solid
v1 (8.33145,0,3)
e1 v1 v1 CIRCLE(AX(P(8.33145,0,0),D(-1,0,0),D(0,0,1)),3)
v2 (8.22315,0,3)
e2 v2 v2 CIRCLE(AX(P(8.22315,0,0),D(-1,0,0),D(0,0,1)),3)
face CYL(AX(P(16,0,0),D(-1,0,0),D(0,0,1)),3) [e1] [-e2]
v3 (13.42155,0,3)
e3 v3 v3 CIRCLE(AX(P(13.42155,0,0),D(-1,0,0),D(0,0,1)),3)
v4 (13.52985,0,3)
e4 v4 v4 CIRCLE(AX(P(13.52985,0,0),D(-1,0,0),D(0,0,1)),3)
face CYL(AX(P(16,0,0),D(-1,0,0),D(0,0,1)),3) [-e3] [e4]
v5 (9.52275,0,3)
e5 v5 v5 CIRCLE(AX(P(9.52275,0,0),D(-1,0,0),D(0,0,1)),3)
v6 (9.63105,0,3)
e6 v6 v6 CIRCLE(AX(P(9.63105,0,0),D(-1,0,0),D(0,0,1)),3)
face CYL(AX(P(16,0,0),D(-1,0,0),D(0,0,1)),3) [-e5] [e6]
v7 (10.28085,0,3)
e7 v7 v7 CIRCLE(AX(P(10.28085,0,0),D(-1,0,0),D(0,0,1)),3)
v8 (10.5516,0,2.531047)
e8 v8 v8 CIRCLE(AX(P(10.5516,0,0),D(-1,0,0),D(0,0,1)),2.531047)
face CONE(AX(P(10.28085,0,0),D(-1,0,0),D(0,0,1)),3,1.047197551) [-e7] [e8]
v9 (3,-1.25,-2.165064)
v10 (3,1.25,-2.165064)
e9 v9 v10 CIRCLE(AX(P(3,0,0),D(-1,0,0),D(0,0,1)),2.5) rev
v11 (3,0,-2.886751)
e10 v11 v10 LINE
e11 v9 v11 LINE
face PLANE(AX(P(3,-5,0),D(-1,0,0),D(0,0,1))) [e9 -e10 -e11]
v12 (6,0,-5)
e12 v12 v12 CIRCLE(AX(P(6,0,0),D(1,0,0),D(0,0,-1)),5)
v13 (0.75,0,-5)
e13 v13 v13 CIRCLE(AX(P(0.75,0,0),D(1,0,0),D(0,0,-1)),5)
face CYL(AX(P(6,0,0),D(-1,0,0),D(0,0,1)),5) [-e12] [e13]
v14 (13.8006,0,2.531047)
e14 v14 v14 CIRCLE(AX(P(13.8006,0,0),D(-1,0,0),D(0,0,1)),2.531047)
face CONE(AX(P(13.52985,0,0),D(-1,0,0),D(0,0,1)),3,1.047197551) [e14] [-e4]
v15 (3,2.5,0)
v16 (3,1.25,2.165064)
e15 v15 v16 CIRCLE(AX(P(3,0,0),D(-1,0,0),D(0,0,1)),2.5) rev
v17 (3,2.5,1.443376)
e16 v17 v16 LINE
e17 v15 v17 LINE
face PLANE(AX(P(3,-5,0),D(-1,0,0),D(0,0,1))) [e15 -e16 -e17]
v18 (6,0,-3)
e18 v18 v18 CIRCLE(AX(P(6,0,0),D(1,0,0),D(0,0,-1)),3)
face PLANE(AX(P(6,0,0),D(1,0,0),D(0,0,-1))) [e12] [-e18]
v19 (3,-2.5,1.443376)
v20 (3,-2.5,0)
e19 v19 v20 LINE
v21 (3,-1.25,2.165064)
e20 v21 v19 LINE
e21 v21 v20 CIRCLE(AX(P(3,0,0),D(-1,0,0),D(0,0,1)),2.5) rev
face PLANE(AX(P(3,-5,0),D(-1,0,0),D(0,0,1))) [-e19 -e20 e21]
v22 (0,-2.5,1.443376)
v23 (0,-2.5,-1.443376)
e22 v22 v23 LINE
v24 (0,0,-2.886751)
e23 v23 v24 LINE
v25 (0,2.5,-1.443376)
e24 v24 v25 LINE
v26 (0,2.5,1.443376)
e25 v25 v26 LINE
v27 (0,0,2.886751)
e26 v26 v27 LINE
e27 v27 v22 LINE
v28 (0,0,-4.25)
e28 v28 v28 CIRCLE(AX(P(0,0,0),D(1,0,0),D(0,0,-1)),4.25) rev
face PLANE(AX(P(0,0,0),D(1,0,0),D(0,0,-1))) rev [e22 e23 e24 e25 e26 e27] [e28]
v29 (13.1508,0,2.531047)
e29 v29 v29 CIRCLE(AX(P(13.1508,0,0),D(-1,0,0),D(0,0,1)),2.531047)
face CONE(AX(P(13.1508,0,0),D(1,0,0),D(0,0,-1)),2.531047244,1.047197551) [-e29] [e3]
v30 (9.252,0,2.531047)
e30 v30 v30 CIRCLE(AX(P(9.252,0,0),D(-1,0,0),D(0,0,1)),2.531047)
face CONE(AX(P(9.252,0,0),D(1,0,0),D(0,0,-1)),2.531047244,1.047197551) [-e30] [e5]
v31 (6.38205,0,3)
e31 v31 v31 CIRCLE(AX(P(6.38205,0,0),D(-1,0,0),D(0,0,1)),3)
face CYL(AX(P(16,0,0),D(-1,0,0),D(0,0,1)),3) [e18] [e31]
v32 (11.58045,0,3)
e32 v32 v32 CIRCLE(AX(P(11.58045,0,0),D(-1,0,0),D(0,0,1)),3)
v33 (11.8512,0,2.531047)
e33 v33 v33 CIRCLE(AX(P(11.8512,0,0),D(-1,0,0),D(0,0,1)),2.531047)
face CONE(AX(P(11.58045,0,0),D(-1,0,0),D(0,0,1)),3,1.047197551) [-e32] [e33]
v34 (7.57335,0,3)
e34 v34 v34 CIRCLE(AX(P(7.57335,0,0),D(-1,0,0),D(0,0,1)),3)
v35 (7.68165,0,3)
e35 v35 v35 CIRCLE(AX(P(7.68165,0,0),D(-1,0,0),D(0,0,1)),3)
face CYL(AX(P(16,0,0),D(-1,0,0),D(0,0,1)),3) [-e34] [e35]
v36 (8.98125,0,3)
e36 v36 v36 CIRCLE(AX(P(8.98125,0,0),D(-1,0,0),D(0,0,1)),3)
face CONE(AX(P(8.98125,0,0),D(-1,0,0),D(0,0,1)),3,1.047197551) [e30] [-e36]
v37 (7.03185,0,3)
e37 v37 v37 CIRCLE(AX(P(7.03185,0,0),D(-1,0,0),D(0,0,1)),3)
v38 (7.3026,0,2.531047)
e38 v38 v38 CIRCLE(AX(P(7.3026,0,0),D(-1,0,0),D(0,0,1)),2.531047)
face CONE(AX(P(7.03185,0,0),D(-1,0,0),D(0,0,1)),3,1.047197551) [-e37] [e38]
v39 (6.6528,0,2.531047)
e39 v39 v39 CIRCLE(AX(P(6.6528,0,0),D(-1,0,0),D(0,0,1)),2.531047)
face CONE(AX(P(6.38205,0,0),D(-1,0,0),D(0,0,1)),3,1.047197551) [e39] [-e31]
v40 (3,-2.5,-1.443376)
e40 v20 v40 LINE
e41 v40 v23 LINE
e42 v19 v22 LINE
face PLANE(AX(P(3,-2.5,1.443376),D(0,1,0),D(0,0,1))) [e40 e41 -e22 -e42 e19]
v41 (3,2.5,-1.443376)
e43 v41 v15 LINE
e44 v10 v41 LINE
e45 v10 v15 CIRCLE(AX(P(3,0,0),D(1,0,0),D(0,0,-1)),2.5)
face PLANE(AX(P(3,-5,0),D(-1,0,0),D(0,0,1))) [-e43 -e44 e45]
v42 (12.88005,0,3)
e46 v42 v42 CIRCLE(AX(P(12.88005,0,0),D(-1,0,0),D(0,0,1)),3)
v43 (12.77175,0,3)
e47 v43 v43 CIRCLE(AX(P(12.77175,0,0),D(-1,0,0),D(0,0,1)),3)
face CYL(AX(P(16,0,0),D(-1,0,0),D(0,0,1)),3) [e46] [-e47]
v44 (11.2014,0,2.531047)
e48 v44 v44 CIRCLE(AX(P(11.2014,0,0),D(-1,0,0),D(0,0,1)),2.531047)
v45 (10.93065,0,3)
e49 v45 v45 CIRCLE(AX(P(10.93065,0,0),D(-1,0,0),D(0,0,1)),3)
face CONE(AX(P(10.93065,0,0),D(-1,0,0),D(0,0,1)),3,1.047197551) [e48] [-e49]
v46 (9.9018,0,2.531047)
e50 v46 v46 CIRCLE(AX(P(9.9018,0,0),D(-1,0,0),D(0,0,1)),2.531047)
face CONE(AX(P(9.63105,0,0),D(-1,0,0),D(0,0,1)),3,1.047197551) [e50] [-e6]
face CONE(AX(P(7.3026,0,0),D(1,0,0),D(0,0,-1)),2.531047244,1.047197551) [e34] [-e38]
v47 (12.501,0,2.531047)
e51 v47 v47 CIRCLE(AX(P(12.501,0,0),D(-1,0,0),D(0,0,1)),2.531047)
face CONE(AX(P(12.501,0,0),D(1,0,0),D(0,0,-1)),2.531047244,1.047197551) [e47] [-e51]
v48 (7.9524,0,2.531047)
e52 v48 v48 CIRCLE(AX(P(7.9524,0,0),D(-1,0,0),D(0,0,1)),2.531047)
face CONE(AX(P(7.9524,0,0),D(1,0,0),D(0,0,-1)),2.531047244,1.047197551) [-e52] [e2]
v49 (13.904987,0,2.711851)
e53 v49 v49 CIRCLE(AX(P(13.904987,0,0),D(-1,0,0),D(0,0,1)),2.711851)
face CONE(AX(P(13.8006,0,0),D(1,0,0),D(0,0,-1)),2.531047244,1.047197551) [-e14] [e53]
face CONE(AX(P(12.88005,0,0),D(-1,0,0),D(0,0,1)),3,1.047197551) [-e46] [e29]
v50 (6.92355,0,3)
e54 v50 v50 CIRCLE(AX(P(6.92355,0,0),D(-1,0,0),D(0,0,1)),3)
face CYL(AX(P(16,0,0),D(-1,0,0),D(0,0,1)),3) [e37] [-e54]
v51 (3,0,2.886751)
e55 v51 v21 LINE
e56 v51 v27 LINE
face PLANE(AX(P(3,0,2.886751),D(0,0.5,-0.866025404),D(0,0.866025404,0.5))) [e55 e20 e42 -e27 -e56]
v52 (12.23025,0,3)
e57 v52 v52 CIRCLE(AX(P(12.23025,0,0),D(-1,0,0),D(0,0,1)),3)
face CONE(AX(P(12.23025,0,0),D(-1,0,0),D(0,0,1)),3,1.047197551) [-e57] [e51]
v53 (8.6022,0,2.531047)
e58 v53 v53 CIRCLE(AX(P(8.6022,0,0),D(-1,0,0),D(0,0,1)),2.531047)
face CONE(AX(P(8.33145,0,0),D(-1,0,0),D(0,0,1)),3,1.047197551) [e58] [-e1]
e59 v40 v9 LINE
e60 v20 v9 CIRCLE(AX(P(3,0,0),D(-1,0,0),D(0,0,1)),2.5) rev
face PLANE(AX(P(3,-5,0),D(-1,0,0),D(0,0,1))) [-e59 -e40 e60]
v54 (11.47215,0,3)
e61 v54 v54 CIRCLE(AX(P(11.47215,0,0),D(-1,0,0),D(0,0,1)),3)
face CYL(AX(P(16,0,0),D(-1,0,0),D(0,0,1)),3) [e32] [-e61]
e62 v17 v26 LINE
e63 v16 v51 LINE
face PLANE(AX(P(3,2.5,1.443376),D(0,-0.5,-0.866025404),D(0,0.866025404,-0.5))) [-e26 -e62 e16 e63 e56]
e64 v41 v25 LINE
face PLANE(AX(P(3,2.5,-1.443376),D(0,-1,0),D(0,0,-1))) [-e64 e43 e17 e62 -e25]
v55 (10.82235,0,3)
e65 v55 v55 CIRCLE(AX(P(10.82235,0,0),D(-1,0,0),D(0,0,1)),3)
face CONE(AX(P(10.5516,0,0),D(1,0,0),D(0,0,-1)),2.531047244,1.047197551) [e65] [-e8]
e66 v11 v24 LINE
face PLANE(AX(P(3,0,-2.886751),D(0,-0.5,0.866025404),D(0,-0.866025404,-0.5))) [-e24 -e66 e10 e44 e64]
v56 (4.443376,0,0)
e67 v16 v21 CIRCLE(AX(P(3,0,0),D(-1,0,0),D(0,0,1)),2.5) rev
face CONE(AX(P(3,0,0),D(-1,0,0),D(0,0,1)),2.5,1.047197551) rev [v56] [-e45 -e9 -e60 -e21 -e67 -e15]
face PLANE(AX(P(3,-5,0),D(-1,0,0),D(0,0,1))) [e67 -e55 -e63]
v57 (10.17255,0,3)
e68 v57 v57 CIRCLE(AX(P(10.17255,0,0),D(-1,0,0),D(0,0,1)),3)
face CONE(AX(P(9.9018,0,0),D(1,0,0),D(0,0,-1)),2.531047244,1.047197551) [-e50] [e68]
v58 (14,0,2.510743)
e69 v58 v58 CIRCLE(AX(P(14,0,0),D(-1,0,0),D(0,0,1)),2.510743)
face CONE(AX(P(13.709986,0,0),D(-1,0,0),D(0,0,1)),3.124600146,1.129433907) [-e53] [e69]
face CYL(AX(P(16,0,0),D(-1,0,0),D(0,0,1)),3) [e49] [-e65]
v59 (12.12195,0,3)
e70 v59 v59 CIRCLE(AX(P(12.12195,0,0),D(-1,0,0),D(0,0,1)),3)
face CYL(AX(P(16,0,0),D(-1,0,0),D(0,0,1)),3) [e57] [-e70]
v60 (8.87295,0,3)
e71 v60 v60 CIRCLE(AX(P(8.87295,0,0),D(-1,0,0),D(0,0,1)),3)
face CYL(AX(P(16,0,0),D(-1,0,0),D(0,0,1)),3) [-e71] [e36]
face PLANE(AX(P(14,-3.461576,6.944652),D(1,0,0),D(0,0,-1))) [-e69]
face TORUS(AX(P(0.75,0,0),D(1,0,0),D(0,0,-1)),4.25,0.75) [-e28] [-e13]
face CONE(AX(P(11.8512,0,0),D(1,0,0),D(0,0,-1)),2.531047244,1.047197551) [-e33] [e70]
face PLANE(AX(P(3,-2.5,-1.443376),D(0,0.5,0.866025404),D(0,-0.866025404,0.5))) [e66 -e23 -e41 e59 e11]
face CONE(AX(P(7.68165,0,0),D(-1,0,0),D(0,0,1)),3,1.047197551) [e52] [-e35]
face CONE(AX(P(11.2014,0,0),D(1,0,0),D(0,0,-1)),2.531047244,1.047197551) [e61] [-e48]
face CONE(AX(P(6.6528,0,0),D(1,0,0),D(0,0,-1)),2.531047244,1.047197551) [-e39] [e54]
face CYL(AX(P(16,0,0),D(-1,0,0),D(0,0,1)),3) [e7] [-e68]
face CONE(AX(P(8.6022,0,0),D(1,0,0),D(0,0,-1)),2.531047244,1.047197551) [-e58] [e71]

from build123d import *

# Parameters (mm, degrees)
SKETCH1_R           = 5
BASEHEAD_DEPTH      = 6
SKETCH2_R           = 3
BASEBODY_DEPTH      = 10
HEXAGONSOCKET_DEPTH = 3
TOPFILLET_R         = 0.75
CHAMFER1_SIZE       = 0.25
LPATTERN10_COUNT    = 15
LPATTERN10_PITCH    = 0.6498
SKETCH_1_W          = 12.577775012
SKETCH_1_H          = 7.589665947
CUT_EXTRUDE_1_DEPTH = 2


with BuildPart() as part:
    # Sketch1 → BaseHead (new body)
    with BuildSketch(Plane(origin=(0, 0, 0), x_dir=(0, 0, -1), z_dir=(1, 0, 0))):
        Circle(SKETCH1_R)
    extrude(amount=BASEHEAD_DEPTH)

    # Sketch2 → BaseBody (add)
    with BuildSketch(Plane(origin=(6, 0, 0), x_dir=(0, 0, -1), z_dir=(1, 0, 0))):
        Circle(SKETCH2_R)
    extrude(amount=BASEBODY_DEPTH)

    # Sketch3 → HexagonSocket (cut)
    with BuildSketch(Plane(origin=(0, 0, 0), x_dir=(0, 0, -1), z_dir=(1, 0, 0))):
        Polygon((2.886751346, 0), (1.443375673, 2.5), (-1.443375673, 2.5), (-2.886751346, 0), (-1.443375673, -2.5), (1.443375673, -2.5), align=None)
    extrude(amount=HEXAGONSOCKET_DEPTH, mode=Mode.SUBTRACT)

    # Sketch4 → Cut-Revolve1 (revolve, cut)
    with BuildSketch(Plane(origin=(-4.19613823, 0.75, 0), x_dir=(-1, 0, 0), z_dir=(0, 0, 1))):
        Polygon((-7.19613823, 3.25), (-8.639513903, 0.75), (-7.19613823, 0.75), align=None)
    revolve(axis=Axis((0.838992387, 0, 0), (-1, 0, 0)), mode=Mode.SUBTRACT)

    # TopFillet
    topfillet_edges = [part.edges().sort_by_distance(p)[0] for p in [
        (0, 0, 5),
    ]]
    fillet(topfillet_edges, radius=TOPFILLET_R)

    # Chamfer1
    chamfer1_edges = [part.edges().sort_by_distance(p)[0] for p in [
        (16, 0, 3),
    ]]
    chamfer(chamfer1_edges, length=CHAMFER1_SIZE)

    # Sketch5 → Cut-Revolve10 (revolve, cut)
    with BuildSketch(Plane.XY):
        Polygon((15.75, 2.531047244), (16.02075, 3), (16.02075, 3.5415), (15.47925, 3.5415), (15.47925, 3), align=None)
    cut_revolve10 = revolve(axis=Axis((0, 0, 0), (1, 0, 0)), mode=Mode.SUBTRACT)

    # LPattern10: Cut-Revolve10 ×15
    with Locations(*[(-i * LPATTERN10_PITCH, 0, 0) for i in range(1, LPATTERN10_COUNT)]):
        add(cut_revolve10, mode=Mode.SUBTRACT)

    # 草图1 → 切除-拉伸1 (cut)
    with BuildSketch(Plane(origin=(16, 0, 0), x_dir=(0, 0, -1), z_dir=(1, 0, 0))):
        with Locations((-0.655764338, 0.333257287)):
            Rectangle(SKETCH_1_W, SKETCH_1_H)
    extrude(amount=-CUT_EXTRUDE_1_DEPTH, mode=Mode.SUBTRACT)

    # 草图2 → 切除-旋转1 (revolve, cut)
    with BuildSketch(Plane.XY):
        Polygon((14, 2.510742744), (13.709985541, 3.124600146), (14, 3.124600146), align=None)
    revolve(axis=Axis((0, 0, 0), (1, 0, 0)), mode=Mode.SUBTRACT)


solid = part.part
